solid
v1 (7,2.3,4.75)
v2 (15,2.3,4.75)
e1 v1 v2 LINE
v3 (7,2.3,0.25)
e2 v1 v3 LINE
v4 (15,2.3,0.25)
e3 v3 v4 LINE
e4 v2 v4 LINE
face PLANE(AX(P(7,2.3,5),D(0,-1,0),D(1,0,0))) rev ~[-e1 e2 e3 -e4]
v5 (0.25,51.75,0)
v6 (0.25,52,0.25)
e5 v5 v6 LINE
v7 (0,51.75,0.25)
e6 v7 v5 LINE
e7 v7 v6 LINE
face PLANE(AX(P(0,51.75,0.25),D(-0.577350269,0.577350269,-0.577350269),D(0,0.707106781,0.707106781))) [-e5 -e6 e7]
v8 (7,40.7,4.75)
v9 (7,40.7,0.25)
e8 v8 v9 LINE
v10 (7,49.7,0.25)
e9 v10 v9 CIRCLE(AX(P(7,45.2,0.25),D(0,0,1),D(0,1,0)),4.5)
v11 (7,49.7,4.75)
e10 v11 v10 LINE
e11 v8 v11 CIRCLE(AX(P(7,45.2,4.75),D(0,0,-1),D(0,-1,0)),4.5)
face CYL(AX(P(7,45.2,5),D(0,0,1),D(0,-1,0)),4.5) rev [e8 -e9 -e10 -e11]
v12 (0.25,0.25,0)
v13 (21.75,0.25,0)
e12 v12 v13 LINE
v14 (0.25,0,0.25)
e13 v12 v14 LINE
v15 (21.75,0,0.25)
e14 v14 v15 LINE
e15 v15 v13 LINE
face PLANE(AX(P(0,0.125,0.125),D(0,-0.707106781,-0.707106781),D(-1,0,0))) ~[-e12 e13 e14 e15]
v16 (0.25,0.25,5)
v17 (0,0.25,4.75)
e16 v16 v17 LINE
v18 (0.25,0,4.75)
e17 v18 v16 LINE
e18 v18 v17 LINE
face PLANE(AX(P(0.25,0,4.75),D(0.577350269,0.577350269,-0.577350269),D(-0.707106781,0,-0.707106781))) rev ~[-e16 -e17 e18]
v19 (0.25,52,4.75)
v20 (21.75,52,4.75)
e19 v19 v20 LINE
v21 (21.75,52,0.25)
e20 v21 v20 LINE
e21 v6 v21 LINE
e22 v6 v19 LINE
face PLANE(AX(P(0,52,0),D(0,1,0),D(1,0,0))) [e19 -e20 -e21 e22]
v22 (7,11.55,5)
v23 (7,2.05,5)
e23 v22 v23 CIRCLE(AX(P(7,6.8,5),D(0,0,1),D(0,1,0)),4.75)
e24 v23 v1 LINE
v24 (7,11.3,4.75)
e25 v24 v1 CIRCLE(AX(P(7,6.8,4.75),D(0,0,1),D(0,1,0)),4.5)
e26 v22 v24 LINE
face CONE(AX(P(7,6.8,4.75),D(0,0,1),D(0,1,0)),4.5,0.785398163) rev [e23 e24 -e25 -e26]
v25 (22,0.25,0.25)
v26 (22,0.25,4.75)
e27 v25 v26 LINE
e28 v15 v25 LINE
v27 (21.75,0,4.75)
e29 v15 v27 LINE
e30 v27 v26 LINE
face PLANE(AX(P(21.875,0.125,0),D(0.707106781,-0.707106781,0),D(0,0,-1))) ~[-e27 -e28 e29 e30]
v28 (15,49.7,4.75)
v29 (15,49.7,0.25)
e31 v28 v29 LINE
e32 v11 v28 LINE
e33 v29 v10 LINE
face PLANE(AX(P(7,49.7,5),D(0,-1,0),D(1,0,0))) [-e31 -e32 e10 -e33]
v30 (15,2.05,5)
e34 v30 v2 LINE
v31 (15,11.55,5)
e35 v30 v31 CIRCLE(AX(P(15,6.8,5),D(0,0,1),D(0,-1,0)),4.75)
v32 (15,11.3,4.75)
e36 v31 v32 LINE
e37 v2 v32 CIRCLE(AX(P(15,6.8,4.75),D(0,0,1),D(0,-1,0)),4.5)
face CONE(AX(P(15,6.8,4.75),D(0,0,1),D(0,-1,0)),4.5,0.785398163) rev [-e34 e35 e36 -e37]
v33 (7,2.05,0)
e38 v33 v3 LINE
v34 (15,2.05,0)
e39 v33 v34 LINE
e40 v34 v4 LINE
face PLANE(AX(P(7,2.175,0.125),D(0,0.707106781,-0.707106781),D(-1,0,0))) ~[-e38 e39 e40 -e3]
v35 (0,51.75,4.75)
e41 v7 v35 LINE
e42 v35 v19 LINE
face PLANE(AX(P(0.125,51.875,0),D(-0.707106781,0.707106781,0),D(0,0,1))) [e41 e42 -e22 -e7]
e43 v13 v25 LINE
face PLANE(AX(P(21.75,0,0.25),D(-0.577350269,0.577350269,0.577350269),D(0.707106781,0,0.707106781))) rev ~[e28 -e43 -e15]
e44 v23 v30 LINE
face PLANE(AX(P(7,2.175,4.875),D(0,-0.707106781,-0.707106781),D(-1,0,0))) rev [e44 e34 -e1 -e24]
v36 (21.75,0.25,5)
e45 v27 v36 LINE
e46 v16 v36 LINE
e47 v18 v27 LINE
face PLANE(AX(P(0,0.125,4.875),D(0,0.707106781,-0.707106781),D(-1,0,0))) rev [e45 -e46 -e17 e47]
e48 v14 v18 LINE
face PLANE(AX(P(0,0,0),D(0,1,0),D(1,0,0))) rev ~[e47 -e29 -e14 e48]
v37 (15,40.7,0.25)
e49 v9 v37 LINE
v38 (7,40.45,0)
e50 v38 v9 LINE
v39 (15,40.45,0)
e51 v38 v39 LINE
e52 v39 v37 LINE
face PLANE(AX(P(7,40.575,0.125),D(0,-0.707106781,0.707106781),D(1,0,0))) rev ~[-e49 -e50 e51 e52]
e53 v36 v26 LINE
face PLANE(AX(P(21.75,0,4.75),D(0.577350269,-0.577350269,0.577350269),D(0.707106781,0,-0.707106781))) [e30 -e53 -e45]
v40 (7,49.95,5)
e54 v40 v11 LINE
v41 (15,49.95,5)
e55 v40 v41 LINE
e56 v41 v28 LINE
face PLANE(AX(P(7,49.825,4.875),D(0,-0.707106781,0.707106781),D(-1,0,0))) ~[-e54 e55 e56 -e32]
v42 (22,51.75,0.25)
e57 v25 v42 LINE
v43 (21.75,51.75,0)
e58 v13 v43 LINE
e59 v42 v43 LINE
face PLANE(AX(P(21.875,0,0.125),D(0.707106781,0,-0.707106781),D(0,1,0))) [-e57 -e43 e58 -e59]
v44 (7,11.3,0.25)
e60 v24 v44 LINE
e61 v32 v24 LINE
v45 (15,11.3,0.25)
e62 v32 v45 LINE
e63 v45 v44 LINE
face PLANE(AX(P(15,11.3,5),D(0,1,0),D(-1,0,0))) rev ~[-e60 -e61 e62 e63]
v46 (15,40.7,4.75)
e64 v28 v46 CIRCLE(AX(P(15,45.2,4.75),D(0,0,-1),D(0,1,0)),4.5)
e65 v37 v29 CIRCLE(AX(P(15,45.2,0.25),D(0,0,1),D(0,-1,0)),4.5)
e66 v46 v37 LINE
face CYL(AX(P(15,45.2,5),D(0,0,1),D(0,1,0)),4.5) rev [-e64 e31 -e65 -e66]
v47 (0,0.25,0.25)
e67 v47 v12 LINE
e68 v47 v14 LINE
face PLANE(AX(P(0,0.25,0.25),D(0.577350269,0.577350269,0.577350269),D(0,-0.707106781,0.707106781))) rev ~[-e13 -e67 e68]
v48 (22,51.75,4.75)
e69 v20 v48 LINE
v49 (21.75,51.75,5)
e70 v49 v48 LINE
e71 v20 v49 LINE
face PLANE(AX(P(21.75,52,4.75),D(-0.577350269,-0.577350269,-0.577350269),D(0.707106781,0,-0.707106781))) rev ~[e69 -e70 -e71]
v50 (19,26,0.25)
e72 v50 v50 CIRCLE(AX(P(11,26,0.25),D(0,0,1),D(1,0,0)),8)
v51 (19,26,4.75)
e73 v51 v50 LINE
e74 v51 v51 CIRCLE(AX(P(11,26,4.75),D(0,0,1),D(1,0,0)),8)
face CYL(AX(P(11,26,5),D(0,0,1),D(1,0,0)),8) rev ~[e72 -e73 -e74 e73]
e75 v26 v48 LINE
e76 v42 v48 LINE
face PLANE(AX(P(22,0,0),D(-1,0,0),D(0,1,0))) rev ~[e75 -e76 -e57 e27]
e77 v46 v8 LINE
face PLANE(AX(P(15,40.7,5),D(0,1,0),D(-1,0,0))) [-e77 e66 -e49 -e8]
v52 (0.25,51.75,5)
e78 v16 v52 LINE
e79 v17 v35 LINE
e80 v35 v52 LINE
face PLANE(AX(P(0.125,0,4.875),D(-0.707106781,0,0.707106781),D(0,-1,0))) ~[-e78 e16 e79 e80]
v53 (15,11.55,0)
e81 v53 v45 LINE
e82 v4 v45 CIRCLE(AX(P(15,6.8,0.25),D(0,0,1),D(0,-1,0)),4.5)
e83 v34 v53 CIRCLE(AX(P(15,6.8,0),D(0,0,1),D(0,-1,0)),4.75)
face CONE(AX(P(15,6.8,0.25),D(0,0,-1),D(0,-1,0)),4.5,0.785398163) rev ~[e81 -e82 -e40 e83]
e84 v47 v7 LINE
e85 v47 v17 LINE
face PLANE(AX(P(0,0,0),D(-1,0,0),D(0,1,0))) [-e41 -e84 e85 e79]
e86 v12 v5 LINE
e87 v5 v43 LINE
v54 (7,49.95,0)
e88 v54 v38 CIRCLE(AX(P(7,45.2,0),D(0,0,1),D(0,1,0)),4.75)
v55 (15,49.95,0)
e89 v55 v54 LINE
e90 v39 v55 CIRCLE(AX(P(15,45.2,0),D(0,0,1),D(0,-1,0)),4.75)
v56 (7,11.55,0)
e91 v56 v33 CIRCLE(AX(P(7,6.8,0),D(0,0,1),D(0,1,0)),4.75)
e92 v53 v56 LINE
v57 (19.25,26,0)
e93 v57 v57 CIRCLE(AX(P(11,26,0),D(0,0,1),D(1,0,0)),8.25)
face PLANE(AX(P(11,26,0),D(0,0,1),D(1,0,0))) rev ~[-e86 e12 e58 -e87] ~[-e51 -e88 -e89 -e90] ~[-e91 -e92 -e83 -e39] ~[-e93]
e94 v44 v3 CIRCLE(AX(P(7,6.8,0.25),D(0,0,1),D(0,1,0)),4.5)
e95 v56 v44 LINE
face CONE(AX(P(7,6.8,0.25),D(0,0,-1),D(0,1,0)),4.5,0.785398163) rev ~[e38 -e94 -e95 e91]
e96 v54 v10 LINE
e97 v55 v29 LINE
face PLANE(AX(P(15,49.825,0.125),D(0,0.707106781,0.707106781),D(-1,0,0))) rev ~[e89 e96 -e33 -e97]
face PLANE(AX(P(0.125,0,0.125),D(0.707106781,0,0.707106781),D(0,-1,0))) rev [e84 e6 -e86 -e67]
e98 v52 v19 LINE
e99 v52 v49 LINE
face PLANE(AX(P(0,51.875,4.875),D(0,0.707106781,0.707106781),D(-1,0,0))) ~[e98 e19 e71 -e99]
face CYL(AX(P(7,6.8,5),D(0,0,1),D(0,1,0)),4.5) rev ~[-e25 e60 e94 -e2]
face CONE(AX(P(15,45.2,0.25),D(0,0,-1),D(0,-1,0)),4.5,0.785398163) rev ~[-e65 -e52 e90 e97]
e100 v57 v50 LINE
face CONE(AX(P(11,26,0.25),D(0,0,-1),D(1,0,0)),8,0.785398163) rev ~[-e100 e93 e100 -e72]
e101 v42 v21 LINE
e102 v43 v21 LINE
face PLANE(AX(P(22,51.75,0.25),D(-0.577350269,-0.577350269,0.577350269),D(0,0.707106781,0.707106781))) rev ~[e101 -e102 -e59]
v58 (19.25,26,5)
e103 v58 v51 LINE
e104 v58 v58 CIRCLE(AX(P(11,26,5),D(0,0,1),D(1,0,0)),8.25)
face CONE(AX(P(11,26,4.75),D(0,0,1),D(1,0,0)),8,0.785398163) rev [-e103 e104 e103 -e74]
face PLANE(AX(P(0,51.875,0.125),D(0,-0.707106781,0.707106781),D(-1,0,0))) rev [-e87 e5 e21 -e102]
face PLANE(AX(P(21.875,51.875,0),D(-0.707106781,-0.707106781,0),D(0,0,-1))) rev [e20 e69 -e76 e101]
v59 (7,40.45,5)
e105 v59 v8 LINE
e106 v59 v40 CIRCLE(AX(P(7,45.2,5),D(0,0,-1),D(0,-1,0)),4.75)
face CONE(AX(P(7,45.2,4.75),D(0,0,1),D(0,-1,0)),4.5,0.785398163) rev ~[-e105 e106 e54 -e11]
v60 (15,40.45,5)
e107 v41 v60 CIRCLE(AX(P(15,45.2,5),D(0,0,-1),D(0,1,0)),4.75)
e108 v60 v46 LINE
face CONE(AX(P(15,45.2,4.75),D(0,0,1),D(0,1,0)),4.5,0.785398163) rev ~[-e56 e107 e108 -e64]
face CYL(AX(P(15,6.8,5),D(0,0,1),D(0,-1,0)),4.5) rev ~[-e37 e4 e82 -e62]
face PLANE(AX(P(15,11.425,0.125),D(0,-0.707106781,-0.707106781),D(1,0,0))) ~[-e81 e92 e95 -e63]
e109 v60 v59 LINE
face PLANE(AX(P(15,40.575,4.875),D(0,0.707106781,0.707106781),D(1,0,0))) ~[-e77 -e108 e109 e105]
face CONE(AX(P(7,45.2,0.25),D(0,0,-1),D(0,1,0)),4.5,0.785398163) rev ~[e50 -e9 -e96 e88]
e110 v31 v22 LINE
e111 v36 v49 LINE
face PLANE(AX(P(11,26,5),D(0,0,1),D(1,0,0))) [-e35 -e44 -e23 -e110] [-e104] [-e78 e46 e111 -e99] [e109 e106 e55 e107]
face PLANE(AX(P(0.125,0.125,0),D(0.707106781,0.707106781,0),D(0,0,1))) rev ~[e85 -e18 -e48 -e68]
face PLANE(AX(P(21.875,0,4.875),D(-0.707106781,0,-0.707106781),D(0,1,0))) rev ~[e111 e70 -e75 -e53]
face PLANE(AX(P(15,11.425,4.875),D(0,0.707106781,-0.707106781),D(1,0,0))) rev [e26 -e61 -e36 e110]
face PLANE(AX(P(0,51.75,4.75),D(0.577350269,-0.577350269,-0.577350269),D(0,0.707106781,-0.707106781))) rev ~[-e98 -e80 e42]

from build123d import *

# Parameters (mm, degrees)
ESQUISSE1_W             = 22
ESQUISSE1_H             = 52
BOSS_EXTRU_1_DEPTH      = 5
ESQUISSE5_R             = 8
ENL_V_MAT_EXTRU_2_DEPTH = 5
ENL_V_MAT_EXTRU_3_DEPTH = 57.683330883
CHANFREIN1_SIZE         = 0.25


with BuildPart() as part:
    # Esquisse1 → Boss.-Extru.1 (new body)
    with BuildSketch(Plane.XY):
        with Locations((11, 26)):
            Rectangle(ESQUISSE1_W, ESQUISSE1_H)
    extrude(amount=BOSS_EXTRU_1_DEPTH)

    # Esquisse5 → Enlèv. mat.-Extru.2 (cut)
    with BuildSketch(Plane.XY.offset(5)):
        with Locations((11, 26)):
            Circle(ESQUISSE5_R)
    extrude(amount=-ENL_V_MAT_EXTRU_2_DEPTH, mode=Mode.SUBTRACT)

    # Esquisse6 → Enlèv. mat.-Extru.3 (cut, through all)
    with BuildSketch(Plane.XY.offset(5)):
        with BuildLine():
            Line((7, 49.7), (15, 49.7))
            ThreePointArc((15, 49.7), (19.5, 45.2), (15, 40.7))
            Line((15, 40.7), (7, 40.7))
            ThreePointArc((7, 40.7), (2.5, 45.2), (7, 49.7))
        make_face()
        with BuildLine():
            Line((7, 2.3), (15, 2.3))
            ThreePointArc((15, 2.3), (19.5, 6.8), (15, 11.3))
            Line((15, 11.3), (7, 11.3))
            ThreePointArc((7, 11.3), (2.5, 6.8), (7, 2.3))
        make_face()
    extrude(amount=-ENL_V_MAT_EXTRU_3_DEPTH, mode=Mode.SUBTRACT)

    # Chanfrein1
    chanfrein1_edges = [part.edges().sort_by_distance(p)[0] for p in [
        (22, 26, 5),
        (11, 52, 5),
        (3, 26, 0),
        (3, 26, 5),
        (2.5, 45.2, 0),
        (11, 49.7, 0),
        (19.5, 45.2, 0),
        (11, 40.7, 0),
        (2.5, 45.2, 5),
        (11, 40.7, 5),
        (19.5, 45.2, 5),
        (11, 49.7, 5),
        (2.5, 6.8, 0),
        (11, 11.3, 0),
        (19.5, 6.8, 0),
        (11, 2.3, 0),
        (2.5, 6.8, 5),
        (11, 2.3, 5),
        (19.5, 6.8, 5),
        (11, 11.3, 5),
        (0, 26, 5),
        (11, 52, 0),
        (22, 26, 0),
        (11, 0, 0),
        (0, 26, 0),
        (11, 0, 5),
        (0, 52, 2.5),
        (22, 52, 2.5),
        (22, 0, 2.5),
        (0, 0, 2.5),
    ]]
    chamfer(chanfrein1_edges, length=CHANFREIN1_SIZE)


solid = part.part
